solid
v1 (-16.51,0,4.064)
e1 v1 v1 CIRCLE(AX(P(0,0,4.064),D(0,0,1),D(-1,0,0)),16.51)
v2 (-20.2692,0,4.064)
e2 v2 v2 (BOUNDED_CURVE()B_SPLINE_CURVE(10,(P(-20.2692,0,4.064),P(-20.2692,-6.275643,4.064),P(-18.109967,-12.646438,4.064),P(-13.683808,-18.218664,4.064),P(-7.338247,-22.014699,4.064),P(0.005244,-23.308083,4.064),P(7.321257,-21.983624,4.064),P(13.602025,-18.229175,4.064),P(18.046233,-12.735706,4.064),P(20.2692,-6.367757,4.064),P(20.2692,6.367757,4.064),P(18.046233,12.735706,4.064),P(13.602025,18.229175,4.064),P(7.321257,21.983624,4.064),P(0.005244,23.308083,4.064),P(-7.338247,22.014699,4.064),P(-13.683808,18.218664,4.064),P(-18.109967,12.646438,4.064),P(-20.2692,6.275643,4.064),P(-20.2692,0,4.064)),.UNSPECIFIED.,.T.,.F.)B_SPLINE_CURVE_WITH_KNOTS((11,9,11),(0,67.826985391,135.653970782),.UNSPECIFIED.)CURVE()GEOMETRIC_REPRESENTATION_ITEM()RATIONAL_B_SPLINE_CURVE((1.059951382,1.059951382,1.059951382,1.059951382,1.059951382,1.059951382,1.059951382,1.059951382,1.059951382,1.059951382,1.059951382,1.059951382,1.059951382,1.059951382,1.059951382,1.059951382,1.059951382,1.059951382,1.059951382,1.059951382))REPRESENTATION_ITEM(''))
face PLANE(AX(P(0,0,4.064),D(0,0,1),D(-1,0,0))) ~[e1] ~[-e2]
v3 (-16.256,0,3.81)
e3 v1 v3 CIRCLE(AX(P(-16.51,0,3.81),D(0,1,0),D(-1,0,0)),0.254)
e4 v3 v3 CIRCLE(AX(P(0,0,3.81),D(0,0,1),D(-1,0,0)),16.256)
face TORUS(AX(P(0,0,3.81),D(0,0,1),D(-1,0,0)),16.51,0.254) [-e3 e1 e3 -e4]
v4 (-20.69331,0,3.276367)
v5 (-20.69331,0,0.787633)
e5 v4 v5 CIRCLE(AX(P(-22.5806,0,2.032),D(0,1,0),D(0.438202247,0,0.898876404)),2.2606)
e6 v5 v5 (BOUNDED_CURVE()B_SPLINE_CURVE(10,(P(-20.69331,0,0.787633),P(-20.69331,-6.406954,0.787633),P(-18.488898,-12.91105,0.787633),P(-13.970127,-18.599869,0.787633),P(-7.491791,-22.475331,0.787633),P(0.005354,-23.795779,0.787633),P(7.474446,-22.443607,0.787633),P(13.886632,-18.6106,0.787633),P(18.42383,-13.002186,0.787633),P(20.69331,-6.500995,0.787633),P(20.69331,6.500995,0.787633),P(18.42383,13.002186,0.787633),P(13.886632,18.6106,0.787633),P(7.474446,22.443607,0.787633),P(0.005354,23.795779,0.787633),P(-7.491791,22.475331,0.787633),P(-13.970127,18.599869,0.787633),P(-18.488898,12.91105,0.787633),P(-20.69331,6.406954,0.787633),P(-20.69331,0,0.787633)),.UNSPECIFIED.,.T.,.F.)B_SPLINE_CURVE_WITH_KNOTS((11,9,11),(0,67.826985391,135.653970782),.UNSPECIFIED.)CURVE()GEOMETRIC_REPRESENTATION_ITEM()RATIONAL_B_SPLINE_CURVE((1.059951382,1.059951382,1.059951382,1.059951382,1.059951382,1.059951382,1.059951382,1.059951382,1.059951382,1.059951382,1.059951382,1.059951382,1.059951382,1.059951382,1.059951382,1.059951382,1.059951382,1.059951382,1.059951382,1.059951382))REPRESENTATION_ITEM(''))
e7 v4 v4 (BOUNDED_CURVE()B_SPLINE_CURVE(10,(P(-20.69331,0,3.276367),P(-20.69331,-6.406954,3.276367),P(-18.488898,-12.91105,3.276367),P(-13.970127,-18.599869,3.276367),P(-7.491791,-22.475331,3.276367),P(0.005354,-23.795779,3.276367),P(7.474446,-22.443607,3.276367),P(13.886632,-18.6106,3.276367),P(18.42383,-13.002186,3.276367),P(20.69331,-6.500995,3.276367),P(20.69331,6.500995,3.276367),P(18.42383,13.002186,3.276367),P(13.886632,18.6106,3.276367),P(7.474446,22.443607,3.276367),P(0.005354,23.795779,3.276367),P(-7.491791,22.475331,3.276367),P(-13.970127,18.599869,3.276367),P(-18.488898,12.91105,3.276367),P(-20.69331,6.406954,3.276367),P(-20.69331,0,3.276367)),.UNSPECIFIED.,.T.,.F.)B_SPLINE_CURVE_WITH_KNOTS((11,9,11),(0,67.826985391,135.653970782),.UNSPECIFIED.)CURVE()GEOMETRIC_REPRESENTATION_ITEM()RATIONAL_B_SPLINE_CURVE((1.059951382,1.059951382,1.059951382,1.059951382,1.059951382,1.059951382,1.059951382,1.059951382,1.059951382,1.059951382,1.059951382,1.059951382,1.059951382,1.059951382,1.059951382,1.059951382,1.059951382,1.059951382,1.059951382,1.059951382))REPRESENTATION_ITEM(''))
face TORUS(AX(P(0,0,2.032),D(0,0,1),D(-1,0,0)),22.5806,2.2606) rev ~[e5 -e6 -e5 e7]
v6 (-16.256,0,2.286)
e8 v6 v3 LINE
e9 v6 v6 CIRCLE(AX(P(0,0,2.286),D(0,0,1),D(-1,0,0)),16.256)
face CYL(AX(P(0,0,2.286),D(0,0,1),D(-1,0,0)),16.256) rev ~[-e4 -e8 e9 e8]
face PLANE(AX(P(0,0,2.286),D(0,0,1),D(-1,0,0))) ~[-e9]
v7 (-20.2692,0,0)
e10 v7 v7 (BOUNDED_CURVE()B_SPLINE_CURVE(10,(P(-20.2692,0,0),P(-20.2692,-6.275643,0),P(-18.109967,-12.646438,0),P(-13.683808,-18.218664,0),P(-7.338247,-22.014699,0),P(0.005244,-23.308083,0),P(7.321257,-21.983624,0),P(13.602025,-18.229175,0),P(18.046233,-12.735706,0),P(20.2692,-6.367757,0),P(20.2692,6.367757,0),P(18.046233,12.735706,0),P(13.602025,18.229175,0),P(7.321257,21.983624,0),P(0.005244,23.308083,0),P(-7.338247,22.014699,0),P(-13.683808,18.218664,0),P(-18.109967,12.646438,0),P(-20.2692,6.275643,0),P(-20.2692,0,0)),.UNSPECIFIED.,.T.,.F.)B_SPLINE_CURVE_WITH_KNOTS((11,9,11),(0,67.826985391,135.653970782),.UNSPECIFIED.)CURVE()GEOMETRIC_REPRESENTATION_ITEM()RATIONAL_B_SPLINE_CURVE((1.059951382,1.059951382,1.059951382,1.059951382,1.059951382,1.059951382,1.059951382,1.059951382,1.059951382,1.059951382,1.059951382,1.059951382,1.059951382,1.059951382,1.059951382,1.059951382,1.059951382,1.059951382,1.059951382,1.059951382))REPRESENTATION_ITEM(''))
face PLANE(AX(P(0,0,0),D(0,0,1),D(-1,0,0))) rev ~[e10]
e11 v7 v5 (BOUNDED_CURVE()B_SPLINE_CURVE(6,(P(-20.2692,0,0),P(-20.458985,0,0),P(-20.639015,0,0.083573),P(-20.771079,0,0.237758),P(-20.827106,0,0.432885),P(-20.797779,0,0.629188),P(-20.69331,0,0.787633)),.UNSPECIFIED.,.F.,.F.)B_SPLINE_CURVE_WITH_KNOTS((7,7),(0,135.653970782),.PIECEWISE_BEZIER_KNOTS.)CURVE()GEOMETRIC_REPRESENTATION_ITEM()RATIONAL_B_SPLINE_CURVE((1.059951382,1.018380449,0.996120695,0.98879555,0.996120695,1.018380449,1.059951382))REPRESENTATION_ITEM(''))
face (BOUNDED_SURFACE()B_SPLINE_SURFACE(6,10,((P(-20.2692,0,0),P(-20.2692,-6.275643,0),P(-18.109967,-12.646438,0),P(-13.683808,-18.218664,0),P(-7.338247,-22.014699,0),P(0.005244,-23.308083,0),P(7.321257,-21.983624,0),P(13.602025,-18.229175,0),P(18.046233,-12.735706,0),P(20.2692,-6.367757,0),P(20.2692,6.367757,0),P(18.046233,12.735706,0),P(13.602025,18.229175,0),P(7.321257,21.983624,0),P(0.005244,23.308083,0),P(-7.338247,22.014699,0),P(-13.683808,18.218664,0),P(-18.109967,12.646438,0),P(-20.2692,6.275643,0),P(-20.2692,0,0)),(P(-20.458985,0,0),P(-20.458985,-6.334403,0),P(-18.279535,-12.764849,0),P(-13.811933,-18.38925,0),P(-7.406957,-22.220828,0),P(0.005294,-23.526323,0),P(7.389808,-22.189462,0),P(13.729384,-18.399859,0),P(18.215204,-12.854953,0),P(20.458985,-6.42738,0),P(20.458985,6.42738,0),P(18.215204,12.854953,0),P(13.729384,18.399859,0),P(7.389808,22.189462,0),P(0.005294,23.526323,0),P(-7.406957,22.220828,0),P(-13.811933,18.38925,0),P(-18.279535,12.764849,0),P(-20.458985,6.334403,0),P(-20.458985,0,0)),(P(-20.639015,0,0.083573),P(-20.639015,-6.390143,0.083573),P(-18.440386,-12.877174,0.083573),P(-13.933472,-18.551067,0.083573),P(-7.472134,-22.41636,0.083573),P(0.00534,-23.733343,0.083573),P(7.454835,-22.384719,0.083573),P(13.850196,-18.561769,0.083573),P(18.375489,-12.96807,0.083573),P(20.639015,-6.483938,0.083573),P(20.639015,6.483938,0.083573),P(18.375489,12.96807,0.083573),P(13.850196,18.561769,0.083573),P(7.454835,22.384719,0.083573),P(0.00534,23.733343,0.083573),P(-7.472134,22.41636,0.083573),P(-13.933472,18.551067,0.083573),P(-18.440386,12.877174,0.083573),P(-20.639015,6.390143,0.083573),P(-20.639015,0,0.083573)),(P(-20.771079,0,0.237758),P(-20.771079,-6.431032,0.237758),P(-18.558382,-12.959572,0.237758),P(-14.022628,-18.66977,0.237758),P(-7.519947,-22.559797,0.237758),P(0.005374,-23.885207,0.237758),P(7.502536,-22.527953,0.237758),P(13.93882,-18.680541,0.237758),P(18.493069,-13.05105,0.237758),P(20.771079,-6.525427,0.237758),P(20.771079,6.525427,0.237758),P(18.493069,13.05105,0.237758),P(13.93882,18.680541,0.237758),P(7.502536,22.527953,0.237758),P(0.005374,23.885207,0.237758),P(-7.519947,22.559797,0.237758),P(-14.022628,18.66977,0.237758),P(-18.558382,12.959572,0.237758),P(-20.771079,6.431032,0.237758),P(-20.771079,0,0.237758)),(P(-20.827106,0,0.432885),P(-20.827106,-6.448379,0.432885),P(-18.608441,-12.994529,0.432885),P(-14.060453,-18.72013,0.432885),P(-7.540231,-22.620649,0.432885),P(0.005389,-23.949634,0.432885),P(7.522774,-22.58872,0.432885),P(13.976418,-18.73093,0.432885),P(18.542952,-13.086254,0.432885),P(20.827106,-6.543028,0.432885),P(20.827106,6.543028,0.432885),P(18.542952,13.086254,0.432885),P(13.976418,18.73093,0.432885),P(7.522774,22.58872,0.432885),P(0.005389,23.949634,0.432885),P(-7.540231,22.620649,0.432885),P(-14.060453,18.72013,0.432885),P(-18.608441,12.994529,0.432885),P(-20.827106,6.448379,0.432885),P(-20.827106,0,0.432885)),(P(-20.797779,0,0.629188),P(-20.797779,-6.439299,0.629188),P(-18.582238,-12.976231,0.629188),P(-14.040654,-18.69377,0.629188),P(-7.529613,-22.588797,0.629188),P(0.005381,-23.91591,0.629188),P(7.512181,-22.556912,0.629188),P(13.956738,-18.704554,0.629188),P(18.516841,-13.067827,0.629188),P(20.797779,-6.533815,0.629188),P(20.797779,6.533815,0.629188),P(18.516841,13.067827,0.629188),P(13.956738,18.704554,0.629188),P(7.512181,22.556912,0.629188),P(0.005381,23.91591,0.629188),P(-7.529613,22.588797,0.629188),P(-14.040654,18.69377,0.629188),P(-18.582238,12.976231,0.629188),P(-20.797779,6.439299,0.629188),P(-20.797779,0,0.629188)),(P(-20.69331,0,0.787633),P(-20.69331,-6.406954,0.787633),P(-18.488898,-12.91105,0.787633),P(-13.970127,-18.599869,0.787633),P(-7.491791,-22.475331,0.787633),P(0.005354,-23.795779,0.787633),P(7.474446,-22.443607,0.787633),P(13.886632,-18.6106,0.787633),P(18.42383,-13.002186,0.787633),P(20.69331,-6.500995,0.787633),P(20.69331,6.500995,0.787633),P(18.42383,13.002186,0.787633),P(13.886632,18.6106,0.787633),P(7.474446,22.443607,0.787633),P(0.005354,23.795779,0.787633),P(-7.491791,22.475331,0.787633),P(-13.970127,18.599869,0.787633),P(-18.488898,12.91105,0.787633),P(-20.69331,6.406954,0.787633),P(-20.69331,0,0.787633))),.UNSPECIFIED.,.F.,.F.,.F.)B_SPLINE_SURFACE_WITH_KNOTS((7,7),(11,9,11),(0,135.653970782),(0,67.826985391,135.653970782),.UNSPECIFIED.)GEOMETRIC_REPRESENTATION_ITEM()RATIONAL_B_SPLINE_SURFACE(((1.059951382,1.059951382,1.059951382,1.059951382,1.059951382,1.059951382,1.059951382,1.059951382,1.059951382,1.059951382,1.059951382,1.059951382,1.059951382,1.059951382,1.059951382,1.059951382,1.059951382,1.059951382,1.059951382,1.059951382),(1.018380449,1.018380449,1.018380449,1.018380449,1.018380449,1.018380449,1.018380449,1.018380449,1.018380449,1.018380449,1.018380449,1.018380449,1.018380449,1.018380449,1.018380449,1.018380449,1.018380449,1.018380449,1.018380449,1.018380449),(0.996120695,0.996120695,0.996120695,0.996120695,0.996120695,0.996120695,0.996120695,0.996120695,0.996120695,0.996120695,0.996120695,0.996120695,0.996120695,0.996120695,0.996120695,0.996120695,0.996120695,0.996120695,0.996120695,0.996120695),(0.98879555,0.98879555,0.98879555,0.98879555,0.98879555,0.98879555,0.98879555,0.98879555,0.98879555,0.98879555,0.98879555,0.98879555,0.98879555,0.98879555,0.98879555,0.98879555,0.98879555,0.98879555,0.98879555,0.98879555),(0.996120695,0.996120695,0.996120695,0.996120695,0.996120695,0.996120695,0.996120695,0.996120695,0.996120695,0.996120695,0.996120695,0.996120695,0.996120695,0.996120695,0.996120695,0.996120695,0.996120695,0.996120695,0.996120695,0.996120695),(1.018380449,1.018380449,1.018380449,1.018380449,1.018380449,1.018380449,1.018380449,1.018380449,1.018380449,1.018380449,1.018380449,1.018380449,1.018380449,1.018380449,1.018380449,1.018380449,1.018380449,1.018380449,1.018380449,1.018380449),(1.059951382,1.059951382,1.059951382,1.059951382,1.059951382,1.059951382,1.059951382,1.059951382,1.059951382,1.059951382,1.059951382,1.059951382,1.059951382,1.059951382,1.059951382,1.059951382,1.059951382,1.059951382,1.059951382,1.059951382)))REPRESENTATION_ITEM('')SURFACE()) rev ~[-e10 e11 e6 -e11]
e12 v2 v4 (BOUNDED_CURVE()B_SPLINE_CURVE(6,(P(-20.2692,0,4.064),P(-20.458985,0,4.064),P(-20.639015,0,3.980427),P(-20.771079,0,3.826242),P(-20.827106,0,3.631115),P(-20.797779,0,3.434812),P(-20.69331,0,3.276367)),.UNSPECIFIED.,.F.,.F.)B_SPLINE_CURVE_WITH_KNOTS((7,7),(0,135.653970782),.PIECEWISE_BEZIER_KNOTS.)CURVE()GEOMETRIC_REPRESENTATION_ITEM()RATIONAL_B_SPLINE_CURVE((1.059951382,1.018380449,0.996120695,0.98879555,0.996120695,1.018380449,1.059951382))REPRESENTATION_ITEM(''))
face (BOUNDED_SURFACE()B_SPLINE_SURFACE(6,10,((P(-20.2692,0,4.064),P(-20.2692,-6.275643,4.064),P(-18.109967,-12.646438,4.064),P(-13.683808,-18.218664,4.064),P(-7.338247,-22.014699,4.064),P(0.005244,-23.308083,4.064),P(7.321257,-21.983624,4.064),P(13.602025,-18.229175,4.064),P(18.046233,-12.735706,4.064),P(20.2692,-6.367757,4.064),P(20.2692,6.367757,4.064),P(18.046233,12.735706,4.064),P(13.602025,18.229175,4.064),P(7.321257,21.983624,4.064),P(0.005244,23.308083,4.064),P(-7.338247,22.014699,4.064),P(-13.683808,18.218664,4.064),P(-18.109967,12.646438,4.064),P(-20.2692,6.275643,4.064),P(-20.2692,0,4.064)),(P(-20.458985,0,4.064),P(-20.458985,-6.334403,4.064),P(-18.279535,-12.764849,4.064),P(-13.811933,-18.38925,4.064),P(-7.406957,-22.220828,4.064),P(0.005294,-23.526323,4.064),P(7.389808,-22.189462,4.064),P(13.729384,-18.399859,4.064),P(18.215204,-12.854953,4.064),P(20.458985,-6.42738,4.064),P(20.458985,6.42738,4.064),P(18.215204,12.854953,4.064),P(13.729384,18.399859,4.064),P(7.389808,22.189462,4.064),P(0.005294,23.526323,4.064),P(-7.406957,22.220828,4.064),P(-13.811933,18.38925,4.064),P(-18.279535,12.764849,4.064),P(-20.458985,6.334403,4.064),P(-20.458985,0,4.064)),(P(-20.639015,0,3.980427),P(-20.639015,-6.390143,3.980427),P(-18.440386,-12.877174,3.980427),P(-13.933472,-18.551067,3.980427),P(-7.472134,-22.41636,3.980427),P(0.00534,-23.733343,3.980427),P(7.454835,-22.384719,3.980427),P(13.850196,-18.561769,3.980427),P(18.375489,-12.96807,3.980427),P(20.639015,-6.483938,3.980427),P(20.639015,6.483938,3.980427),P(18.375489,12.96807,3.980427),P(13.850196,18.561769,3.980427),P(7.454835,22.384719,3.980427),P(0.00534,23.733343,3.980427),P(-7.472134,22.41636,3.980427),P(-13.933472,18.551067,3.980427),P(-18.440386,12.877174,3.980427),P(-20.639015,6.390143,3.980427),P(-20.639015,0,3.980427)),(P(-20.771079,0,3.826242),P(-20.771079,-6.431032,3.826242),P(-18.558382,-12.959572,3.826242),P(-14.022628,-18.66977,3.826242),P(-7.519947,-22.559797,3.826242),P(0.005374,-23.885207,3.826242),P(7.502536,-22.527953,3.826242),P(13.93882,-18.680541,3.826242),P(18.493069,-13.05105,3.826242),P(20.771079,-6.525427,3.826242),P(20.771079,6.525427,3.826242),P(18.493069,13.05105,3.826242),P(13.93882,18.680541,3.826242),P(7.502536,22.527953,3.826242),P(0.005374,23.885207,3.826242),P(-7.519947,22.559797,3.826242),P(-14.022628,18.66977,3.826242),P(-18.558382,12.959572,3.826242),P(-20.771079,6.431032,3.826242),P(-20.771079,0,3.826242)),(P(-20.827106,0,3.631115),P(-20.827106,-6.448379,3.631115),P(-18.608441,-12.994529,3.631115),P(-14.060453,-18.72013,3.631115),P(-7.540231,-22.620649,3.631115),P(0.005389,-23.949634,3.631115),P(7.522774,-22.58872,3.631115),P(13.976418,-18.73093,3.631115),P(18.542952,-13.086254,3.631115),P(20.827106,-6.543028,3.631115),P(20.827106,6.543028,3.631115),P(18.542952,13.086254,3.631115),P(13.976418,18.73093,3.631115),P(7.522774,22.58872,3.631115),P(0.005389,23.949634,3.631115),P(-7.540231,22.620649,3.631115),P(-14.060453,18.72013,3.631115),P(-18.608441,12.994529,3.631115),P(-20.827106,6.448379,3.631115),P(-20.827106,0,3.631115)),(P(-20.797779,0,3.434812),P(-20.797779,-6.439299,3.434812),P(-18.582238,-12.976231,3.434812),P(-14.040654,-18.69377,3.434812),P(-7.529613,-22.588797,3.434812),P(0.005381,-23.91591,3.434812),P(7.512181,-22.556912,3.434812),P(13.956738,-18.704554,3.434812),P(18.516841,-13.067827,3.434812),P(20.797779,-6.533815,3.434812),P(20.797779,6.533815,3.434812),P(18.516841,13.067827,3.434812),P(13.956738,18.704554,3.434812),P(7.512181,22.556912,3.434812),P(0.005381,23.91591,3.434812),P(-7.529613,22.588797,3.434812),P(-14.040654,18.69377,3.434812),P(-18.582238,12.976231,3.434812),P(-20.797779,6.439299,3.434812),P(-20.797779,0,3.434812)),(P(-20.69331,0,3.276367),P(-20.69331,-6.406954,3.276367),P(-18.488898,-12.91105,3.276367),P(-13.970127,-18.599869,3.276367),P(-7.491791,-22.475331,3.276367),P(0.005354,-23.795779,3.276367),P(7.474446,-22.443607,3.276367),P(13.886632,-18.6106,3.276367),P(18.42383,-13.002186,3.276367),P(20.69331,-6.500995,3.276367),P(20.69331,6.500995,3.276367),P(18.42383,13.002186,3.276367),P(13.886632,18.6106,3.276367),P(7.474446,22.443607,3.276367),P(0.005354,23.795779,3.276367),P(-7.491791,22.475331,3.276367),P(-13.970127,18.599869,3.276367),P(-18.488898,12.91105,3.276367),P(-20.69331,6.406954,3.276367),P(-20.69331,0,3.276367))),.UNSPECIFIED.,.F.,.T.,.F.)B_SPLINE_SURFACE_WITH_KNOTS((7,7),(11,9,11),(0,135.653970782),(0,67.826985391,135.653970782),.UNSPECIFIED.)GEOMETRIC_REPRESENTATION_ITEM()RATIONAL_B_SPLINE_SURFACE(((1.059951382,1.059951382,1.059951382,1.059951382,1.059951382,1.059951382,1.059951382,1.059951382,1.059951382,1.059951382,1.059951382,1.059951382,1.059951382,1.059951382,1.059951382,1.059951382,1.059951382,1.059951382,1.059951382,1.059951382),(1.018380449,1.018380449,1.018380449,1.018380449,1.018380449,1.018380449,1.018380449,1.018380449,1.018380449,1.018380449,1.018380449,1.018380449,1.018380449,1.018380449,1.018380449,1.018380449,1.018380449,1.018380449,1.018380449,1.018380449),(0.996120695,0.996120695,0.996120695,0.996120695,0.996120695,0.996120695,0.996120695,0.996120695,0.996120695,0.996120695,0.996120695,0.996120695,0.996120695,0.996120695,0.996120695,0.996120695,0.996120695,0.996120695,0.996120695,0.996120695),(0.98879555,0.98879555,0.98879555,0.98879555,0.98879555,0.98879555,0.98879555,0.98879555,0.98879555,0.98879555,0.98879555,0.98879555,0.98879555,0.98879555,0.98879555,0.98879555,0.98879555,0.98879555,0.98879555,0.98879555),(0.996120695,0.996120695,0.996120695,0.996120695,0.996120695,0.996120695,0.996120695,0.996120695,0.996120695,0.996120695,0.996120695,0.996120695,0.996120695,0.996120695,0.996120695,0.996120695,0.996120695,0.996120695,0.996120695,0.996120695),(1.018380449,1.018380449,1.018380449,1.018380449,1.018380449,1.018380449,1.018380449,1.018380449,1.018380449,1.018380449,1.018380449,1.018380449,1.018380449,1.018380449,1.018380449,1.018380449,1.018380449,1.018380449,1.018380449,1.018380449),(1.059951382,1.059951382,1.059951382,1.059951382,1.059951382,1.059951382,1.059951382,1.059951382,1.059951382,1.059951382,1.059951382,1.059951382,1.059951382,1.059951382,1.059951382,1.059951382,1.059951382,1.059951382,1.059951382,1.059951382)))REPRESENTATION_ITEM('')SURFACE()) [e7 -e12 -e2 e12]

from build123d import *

# Parameters (mm, degrees)
F2_R = 0.508
F3_R = 0.254


with BuildPart() as f1:
    # F0 (on Front) → F1 (revolve)
    with BuildSketch(Plane.XZ):
        with BuildLine():
            Line((-21.59, 0), (0, 0))
            Line((0, 0), (0, 2.286))
            Line((0, 2.286), (-16.256, 2.286))
            Line((-16.256, 2.286), (-16.256, 4.064))
            Line((-16.256, 4.064), (-21.59, 4.064))
            ThreePointArc((-21.59, 4.064), (-20.32, 2.032), (-21.59, 0))
        make_face()
    revolve(axis=Axis((0, 0, 1.143), (0, 0, 1)))

    # F2
    f2_edges = [f1.edges().sort_by_distance(p)[0] for p in [
        (21.59, 0, 4.064),
        (21.59, 0, 0),
    ]]
    fillet(f2_edges, radius=F2_R)

    # F3
    f3_edges = [f1.edges().sort_by_distance(p)[0] for p in [
        (16.256, 0, 4.064),
    ]]
    fillet(f3_edges, radius=F3_R)


solid = f1.part
